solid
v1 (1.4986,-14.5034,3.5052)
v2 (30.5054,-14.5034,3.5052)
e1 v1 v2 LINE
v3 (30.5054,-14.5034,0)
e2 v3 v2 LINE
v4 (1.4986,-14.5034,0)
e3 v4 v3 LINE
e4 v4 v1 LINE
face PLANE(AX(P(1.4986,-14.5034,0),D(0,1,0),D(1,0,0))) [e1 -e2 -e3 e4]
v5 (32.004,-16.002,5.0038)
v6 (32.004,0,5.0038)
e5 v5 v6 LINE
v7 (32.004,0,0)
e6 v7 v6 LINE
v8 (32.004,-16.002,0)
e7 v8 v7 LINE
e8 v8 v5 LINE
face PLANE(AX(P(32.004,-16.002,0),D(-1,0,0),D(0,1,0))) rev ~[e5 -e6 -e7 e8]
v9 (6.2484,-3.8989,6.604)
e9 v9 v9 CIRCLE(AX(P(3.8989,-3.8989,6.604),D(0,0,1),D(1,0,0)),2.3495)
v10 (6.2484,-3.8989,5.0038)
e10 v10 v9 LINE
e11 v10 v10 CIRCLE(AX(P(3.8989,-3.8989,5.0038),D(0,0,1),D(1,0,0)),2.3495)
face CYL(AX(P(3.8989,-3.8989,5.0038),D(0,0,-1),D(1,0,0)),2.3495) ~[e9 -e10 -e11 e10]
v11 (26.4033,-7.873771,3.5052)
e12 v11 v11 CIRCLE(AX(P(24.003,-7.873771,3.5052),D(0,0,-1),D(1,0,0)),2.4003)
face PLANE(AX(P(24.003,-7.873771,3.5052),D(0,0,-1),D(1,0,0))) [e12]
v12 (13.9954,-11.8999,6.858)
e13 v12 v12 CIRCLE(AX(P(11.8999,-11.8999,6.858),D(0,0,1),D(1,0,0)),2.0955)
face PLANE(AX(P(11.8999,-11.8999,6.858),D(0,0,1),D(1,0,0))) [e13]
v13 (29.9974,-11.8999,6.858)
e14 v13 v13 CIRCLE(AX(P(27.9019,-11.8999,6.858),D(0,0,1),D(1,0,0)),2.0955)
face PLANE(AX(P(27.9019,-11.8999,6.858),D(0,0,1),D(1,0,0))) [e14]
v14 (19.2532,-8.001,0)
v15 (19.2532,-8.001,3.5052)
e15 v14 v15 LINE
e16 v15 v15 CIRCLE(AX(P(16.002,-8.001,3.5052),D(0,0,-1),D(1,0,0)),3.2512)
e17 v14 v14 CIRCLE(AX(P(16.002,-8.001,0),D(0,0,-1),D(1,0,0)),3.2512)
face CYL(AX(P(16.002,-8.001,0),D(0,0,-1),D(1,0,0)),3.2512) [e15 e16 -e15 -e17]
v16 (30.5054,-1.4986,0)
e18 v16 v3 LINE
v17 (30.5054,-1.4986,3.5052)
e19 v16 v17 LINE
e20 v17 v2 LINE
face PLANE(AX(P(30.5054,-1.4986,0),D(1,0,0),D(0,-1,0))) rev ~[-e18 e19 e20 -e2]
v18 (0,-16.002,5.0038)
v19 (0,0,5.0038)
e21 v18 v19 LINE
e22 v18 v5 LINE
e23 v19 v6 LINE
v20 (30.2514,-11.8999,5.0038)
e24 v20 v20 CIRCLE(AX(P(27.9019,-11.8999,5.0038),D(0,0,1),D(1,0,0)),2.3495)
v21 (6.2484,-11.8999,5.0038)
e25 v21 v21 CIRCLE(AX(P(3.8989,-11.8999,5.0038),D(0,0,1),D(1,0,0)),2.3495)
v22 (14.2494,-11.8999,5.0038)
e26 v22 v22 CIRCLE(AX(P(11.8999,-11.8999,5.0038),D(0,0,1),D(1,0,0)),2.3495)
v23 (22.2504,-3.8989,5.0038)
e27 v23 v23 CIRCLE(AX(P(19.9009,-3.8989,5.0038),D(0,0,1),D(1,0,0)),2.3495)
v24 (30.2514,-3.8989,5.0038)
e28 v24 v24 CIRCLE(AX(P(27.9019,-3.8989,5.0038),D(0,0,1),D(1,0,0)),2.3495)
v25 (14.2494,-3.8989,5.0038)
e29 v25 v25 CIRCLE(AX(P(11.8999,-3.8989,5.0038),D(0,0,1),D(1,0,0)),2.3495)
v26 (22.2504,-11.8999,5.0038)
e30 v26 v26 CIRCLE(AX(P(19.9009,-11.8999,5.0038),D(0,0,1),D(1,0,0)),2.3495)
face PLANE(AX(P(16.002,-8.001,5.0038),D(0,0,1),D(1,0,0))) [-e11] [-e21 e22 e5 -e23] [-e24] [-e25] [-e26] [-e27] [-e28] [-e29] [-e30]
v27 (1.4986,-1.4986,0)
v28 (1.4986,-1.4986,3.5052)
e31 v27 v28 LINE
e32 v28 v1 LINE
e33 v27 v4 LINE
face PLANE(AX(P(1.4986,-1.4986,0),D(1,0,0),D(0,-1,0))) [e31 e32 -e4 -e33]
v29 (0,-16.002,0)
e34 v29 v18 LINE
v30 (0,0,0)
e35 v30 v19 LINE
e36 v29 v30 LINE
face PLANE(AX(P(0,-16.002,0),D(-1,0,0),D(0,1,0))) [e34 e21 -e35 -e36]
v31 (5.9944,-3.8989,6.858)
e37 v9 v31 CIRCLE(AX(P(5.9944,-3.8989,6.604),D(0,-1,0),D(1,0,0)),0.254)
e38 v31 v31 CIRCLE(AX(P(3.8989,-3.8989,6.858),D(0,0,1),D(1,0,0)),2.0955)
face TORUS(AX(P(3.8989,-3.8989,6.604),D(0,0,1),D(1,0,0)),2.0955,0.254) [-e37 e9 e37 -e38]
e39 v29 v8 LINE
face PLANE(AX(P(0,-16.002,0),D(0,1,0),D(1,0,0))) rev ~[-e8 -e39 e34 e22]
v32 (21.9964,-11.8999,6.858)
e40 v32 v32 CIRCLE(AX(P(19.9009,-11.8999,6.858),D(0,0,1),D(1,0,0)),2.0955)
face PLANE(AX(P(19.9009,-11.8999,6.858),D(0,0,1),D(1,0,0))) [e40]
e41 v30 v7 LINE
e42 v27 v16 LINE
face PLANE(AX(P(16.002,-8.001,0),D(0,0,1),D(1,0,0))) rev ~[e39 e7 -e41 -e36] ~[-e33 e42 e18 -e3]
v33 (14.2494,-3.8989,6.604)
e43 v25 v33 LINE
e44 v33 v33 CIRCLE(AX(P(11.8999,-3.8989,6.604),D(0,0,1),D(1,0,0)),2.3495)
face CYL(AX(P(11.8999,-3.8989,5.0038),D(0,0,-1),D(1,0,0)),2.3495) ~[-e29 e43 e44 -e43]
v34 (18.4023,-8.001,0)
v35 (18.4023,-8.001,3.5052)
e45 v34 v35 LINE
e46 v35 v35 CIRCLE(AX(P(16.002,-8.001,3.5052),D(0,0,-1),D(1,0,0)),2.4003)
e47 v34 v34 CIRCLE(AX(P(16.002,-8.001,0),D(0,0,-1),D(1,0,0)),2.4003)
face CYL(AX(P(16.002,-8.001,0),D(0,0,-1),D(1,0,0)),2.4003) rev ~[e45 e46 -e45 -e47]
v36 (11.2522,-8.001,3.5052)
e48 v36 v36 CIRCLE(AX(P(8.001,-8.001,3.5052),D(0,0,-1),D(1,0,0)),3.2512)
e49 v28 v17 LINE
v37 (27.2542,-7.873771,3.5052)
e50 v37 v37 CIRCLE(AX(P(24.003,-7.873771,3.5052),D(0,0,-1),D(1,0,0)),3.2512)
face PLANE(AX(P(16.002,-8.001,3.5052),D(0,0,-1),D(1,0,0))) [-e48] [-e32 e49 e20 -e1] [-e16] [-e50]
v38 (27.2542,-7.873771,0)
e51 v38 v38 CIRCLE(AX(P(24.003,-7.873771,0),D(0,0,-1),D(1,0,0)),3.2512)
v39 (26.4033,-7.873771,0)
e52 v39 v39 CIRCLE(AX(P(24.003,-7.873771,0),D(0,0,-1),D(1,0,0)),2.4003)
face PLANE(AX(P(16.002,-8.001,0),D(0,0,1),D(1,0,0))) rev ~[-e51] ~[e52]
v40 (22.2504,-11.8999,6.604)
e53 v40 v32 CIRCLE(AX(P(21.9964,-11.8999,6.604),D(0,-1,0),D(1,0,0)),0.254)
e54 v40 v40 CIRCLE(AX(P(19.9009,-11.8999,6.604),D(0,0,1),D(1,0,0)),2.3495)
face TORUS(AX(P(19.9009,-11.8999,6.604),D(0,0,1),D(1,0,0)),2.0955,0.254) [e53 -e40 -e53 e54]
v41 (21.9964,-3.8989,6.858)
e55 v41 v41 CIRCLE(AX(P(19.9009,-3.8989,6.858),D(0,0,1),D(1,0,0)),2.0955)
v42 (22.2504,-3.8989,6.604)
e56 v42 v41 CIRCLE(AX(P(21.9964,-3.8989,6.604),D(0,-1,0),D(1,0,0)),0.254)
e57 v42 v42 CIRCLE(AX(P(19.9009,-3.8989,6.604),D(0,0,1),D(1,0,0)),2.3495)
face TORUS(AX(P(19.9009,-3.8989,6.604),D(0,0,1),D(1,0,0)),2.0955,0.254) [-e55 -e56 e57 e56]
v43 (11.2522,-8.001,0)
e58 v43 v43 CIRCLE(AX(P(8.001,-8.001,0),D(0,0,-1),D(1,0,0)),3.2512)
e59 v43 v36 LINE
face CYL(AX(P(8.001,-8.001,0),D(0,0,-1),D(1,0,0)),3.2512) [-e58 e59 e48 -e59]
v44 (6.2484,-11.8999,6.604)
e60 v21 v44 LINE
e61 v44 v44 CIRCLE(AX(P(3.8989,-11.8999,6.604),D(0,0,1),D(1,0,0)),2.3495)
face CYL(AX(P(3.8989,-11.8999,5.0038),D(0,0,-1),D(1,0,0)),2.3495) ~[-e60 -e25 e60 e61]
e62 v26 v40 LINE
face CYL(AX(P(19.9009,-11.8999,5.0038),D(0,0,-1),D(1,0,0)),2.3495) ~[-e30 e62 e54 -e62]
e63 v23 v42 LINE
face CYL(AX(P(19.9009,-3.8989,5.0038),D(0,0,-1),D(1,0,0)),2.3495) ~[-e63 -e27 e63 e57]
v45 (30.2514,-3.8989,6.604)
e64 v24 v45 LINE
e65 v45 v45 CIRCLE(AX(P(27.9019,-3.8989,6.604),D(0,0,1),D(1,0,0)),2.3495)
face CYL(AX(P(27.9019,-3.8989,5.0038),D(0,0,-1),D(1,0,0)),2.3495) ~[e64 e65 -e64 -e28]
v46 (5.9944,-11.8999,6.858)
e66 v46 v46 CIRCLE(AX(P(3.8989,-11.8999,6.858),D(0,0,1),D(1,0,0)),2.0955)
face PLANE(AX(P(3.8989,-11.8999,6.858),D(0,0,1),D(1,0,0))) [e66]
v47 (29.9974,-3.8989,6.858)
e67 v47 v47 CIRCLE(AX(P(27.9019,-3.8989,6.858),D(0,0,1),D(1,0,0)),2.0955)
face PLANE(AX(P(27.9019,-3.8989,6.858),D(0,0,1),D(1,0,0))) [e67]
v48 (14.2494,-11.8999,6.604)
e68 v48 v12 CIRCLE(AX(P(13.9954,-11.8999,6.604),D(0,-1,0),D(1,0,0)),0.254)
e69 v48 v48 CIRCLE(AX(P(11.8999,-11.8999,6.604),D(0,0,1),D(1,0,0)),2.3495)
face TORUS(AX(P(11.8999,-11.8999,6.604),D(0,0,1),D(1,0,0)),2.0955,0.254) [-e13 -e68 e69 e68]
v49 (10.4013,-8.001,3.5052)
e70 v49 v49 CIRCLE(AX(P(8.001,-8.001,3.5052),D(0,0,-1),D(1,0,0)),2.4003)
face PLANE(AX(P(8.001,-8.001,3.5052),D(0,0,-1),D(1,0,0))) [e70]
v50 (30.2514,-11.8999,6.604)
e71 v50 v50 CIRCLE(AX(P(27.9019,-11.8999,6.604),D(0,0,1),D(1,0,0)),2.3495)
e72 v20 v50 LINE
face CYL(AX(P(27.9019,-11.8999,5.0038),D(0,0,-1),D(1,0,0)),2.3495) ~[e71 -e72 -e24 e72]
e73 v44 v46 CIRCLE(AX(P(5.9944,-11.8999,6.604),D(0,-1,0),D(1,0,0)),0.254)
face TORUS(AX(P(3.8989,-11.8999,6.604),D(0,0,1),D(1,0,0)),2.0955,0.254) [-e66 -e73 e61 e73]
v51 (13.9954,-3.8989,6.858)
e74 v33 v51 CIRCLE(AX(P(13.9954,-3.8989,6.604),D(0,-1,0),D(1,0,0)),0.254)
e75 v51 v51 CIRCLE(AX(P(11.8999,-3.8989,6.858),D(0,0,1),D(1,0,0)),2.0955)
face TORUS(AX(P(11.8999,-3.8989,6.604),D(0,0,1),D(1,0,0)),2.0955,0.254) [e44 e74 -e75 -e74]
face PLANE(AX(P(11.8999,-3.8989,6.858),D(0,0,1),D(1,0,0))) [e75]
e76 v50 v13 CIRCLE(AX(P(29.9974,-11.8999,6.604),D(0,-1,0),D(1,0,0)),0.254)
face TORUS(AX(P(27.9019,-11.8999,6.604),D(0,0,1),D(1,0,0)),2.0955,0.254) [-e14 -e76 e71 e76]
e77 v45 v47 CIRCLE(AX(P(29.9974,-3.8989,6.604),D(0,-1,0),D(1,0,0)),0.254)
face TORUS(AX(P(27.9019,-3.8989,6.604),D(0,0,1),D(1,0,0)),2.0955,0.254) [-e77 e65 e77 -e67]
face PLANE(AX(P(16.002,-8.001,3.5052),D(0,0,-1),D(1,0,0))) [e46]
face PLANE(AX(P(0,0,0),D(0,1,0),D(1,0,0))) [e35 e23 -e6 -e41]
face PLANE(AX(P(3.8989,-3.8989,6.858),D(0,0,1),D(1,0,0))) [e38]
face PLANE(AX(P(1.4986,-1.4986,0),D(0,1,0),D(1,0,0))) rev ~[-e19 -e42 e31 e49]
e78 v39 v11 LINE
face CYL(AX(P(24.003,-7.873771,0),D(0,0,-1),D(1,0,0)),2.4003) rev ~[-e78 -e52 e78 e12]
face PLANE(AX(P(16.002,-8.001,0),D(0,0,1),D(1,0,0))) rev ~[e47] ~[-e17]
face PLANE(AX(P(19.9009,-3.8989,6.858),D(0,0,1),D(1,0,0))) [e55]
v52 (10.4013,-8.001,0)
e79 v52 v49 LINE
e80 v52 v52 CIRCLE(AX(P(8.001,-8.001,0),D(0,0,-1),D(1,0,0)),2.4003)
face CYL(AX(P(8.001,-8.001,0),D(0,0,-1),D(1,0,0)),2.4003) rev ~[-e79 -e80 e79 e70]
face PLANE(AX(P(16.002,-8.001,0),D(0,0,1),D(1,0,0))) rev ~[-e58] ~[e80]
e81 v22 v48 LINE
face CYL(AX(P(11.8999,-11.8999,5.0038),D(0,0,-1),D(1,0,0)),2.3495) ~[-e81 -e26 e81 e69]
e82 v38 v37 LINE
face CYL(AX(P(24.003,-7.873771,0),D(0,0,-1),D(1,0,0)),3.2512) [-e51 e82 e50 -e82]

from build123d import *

# Parameters (mm, degrees)
F0_W     = 32.004
F0_H     = 16.002
F1_DEPTH = 5.0038
F2_R     = 2.3495
F3_DEPTH = 1.8542
F4_R     = 0.254
F5_W     = 29.0068
F5_H     = 13.0048
F5_R     = 3.2512
F5_R_2   = 2.4003
F6_DEPTH = 3.5052


with BuildPart() as f1:
    # F0 (on Top) → F1 (new body)
    with BuildSketch(Plane.XY):
        with Locations((16.002, -8.001)):
            Rectangle(F0_W, F0_H)
    extrude(amount=F1_DEPTH)

    # F2 (on face) → F3 (join)
    with BuildSketch(Plane.XY.offset(5.0038)):
        with Locations((3.8989, -3.8989)):
            Circle(F2_R)
        with Locations((11.8999, -3.8989)):
            Circle(F2_R)
        with Locations((19.9009, -3.8989)):
            Circle(F2_R)
        with Locations((27.9019, -3.8989)):
            Circle(F2_R)
        with Locations((27.9019, -11.8999)):
            Circle(F2_R)
        with Locations((19.9009, -11.8999)):
            Circle(F2_R)
        with Locations((11.8999, -11.8999)):
            Circle(F2_R)
        with Locations((3.8989, -11.8999)):
            Circle(F2_R)
    extrude(amount=F3_DEPTH)

    # F4
    f4_edges = [f1.edges().sort_by_distance(p)[0] for p in [
        (1.5494, -11.8999, 6.858),
        (1.5494, -3.8989, 6.858),
        (9.5504, -3.8989, 6.858),
        (9.5504, -11.8999, 6.858),
        (17.5514, -11.8999, 6.858),
        (17.5514, -3.8989, 6.858),
        (25.5524, -3.8989, 6.858),
        (25.5524, -11.8999, 6.858),
    ]]
    fillet(f4_edges, radius=F4_R)

    # F5 (on face) → F6 (cut)
    with BuildSketch(Plane(origin=(0, 0, 0), x_dir=(1, 0, 0), z_dir=(0, 0, -1))):
        with Locations((16.002, 8.001)):
            Rectangle(F5_W, F5_H)
        with Locations((24.003, 7.873771)):
            Circle(F5_R, mode=Mode.SUBTRACT)
        with Locations((8.001, 8.001)):
            Circle(F5_R, mode=Mode.SUBTRACT)
        with Locations((16.002, 8.001)):
            Circle(F5_R, mode=Mode.SUBTRACT)
        with Locations((8.001, 8.001)):
            Circle(F5_R_2)
        with Locations((16.002, 8.001)):
            Circle(F5_R_2)
        with Locations((24.003, 7.873771)):
            Circle(F5_R_2)
    extrude(amount=-F6_DEPTH, mode=Mode.SUBTRACT)


solid = f1.part
